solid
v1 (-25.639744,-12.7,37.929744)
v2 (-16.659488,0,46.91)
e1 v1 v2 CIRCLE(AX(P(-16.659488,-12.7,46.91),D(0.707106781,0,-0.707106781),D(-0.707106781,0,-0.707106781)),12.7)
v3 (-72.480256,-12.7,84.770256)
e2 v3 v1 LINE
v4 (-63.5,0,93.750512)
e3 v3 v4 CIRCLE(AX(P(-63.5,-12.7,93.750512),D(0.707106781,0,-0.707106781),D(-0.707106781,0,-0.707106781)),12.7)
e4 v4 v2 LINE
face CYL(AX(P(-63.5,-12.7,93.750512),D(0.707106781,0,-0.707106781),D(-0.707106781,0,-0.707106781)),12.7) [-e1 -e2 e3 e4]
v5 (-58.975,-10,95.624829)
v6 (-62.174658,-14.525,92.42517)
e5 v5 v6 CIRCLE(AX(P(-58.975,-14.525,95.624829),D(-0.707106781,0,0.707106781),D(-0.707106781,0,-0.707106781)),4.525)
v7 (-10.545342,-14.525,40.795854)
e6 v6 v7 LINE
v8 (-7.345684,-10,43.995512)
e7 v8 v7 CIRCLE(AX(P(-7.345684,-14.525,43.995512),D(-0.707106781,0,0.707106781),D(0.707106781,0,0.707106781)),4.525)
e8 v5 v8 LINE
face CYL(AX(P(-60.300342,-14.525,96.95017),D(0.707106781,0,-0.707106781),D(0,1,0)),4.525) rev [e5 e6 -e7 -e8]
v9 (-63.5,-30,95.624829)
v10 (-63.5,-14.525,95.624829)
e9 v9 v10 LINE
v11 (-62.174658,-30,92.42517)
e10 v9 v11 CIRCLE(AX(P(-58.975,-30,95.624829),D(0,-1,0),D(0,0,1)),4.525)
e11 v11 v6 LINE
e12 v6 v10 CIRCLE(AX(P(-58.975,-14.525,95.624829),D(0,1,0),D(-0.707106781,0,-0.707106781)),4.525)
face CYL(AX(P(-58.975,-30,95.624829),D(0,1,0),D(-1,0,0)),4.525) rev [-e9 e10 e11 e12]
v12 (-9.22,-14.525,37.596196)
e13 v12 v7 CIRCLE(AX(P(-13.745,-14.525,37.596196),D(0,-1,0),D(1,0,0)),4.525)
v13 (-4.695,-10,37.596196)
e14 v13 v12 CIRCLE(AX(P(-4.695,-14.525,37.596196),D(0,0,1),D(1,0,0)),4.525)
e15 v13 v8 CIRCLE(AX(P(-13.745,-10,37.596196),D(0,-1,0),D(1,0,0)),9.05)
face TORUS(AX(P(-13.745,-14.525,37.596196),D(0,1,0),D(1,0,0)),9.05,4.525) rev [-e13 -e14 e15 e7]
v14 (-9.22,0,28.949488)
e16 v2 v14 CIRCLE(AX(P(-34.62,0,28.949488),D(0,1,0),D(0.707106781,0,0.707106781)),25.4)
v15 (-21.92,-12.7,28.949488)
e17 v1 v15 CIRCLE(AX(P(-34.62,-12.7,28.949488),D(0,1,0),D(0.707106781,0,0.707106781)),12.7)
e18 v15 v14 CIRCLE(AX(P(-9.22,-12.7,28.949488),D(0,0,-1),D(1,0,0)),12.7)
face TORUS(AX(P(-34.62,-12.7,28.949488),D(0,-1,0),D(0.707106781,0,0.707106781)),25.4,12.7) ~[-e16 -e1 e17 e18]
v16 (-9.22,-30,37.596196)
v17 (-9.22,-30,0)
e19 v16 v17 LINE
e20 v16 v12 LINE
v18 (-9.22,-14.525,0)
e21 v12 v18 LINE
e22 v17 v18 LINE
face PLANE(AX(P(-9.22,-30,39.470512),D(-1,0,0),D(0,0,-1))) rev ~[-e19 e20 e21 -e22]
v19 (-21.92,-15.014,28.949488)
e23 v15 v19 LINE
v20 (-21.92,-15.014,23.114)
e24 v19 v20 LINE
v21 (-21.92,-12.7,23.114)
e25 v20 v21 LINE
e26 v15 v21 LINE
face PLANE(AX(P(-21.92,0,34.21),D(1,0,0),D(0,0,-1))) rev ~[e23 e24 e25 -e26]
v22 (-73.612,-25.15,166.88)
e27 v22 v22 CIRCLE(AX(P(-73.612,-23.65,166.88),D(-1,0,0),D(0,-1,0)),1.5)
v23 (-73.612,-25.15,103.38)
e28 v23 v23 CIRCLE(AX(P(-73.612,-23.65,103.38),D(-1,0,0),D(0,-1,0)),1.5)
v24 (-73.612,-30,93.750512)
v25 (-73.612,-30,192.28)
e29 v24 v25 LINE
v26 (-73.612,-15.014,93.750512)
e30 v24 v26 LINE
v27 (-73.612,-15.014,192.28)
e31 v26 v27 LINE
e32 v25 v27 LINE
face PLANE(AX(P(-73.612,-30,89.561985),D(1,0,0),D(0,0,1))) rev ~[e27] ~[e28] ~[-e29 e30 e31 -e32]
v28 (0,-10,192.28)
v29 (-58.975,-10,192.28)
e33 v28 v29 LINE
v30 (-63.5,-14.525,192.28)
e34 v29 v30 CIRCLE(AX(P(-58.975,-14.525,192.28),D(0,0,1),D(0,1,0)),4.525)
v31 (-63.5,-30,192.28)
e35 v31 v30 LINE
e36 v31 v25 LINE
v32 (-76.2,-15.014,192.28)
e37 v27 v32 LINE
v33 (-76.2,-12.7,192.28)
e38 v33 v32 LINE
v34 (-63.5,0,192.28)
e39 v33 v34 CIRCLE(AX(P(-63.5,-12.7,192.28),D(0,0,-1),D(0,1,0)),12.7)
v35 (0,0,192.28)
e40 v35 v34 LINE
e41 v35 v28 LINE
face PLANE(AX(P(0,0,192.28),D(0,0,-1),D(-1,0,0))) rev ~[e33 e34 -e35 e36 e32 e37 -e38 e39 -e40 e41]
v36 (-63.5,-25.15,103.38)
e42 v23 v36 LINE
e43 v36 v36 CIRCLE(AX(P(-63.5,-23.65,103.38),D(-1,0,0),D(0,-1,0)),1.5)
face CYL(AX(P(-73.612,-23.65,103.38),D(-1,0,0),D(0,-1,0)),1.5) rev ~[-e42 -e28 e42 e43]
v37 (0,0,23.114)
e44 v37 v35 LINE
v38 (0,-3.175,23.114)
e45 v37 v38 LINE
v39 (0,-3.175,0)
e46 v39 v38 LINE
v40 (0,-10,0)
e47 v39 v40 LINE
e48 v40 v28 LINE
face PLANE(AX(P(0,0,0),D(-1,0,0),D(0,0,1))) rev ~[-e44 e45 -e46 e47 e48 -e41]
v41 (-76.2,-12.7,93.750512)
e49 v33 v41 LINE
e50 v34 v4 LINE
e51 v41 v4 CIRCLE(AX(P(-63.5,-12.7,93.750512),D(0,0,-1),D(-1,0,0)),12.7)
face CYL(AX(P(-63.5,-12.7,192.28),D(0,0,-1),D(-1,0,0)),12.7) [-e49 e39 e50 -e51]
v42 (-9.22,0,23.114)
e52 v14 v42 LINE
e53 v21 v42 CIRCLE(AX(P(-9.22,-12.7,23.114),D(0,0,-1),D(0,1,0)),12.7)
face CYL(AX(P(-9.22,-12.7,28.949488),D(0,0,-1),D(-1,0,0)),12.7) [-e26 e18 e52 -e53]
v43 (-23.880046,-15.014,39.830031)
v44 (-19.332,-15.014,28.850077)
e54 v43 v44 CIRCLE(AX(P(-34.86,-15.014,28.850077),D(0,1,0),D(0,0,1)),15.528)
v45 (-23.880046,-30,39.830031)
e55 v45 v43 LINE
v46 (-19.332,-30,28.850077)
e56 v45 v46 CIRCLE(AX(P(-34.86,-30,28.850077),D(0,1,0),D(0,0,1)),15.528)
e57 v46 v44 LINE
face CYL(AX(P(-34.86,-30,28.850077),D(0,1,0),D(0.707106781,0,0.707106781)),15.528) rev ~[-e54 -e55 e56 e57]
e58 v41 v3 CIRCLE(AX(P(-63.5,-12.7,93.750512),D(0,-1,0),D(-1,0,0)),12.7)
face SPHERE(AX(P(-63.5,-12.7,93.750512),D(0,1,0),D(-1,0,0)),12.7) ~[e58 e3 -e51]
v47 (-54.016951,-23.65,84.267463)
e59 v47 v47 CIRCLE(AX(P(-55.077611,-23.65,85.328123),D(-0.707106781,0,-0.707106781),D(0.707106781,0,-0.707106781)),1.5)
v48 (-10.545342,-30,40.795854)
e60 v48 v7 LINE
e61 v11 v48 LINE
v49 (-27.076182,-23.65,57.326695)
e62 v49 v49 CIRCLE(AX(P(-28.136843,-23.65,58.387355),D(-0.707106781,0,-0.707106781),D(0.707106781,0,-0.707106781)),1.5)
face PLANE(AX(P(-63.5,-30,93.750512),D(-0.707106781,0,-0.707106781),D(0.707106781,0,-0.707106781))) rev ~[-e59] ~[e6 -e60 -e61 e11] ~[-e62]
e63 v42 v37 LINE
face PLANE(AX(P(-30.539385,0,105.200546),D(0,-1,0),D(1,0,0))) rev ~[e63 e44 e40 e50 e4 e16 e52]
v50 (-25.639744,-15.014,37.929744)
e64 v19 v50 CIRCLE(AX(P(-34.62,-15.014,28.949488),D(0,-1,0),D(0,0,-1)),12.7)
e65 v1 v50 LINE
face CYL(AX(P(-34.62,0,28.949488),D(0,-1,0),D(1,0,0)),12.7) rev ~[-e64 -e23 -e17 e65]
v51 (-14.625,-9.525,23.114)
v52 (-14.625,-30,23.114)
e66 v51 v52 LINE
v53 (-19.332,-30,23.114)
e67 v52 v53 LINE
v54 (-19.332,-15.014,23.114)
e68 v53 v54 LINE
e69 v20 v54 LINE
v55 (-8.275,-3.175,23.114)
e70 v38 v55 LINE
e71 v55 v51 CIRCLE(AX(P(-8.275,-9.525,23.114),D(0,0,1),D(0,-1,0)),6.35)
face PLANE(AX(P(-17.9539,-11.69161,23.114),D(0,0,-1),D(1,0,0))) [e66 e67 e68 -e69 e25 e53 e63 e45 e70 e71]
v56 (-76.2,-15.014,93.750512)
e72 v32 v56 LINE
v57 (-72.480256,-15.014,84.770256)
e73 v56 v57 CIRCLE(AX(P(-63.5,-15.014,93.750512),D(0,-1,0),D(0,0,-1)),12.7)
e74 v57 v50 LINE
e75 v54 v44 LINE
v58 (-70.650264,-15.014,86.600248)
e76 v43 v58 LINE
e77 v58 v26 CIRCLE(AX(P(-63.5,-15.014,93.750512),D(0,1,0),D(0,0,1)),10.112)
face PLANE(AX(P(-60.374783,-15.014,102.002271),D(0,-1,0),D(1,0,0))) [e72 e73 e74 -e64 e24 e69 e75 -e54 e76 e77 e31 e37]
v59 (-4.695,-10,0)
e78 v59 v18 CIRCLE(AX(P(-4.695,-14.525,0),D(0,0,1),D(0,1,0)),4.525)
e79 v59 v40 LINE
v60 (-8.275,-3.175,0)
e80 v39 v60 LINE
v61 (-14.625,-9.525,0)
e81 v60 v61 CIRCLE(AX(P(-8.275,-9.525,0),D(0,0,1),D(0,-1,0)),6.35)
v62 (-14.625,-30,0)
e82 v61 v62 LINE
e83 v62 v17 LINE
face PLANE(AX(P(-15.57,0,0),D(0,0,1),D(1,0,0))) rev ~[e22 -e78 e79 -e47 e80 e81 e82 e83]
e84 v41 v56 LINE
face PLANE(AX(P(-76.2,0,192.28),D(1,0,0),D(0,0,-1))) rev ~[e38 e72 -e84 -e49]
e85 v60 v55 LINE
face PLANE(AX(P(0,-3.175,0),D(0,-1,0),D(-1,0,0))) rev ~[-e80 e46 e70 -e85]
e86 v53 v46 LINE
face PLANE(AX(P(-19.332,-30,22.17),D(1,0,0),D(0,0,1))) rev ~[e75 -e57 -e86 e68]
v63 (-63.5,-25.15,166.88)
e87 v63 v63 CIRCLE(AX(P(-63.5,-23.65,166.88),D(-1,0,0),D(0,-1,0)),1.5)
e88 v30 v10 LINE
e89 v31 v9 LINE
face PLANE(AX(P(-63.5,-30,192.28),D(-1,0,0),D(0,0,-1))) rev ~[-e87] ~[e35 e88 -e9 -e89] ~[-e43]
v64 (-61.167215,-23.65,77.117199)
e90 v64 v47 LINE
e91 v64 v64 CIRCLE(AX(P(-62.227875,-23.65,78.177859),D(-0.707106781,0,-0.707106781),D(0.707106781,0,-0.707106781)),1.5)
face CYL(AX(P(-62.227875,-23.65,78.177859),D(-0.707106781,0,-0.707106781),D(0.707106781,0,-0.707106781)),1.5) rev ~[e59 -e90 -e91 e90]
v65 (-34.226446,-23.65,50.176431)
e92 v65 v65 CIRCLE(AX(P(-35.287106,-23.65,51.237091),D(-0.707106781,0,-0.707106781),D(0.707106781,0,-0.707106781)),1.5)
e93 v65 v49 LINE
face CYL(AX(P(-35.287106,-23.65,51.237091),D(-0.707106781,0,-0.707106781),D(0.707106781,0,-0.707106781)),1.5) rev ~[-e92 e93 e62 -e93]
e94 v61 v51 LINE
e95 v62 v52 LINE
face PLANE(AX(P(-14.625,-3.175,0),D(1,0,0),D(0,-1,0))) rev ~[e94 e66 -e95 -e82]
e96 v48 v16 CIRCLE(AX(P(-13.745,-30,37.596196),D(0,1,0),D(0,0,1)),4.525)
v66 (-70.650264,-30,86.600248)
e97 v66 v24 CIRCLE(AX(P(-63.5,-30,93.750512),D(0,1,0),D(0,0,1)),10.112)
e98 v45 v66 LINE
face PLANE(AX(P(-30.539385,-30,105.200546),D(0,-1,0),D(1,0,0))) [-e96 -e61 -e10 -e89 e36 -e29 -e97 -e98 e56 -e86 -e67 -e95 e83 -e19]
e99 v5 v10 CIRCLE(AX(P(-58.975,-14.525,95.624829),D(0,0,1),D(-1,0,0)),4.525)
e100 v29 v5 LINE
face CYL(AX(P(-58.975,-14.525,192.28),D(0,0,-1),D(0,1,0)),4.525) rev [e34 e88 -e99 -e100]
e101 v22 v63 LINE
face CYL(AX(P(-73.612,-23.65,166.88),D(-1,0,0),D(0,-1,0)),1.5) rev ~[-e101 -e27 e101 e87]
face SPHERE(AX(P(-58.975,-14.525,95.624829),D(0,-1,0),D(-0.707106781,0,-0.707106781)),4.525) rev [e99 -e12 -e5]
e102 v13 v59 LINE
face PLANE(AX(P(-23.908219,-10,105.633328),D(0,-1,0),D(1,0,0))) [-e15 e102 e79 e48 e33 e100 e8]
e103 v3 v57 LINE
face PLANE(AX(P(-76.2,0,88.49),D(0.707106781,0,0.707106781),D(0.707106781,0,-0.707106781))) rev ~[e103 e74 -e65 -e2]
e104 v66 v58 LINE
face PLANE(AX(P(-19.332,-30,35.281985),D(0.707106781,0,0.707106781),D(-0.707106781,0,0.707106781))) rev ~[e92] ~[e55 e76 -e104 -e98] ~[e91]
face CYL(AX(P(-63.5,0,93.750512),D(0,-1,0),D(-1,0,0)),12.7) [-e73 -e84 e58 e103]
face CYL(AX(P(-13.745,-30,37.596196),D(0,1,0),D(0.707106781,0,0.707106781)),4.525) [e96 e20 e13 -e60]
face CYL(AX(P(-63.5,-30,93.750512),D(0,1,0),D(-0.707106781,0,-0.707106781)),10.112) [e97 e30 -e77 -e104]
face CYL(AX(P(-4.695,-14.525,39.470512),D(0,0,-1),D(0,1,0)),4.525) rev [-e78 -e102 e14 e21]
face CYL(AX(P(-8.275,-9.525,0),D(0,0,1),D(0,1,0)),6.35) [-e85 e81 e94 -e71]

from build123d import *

# Parameters (mm, degrees)
F1_DEPTH  = 30
F3_DEPTH  = 20
F5_DEPTH  = 14.986
F6_R      = 10.112
F7_R      = 15.528
F8_R      = 12.7
F10_DEPTH = 23.114
F11_R     = 12.7
F12_R     = 6.35
F13_R     = 4.525
F14_R     = 1.5
F15_DEPTH = 73.613
F16_R     = 1.5
F17_DEPTH = 124.6851495458


with BuildPart() as f1:
    # F0 (on Front) → F1 (new body)
    with BuildSketch(Plane.XZ):
        Polygon((-15.57, 0), (0, 0), (0, 192.28), (-76.2, 192.28), (-76.2, 88.49), (-21.92, 34.21), (-21.92, 22.17), (-15.57, 22.17), align=None)
    extrude(amount=F1_DEPTH)

    # F2 (on face) → F3 (cut)
    with BuildSketch(Plane.XZ.offset(30)):
        Polygon((0, 192.28), (-63.5, 192.28), (-63.5, 93.7505122421), (-9.22, 39.4705122421), (-9.22, 0), (0, 0), align=None)
    extrude(amount=-F3_DEPTH, mode=Mode.SUBTRACT)

    # F4 (on face) → F5 (cut)
    with BuildSketch(Plane.XZ.offset(30)):
        Polygon((-73.612, 192.28), (-76.2, 192.28), (-76.2, 88.49), (-21.92, 34.21), (-21.92, 22.17), (-19.332, 22.17), (-19.332, 35.2819846994), (-73.612, 89.5619846994), align=None)
    extrude(amount=-F5_DEPTH, mode=Mode.SUBTRACT)

    # F6
    f6_edges = [f1.edges().sort_by_distance(p)[0] for p in [
        (-73.612, -22.507, 89.561985),
    ]]
    fillet(f6_edges, radius=F6_R)

    # F7
    f7_edges = [f1.edges().sort_by_distance(p)[0] for p in [
        (-19.332, -22.507, 35.281985),
    ]]
    fillet(f7_edges, radius=F7_R)

    # F8
    f8_edges = [f1.edges().sort_by_distance(p)[0] for p in [
        (-76.2, -7.507, 88.49),
        (-21.92, -7.507, 34.21),
    ]]
    fillet(f8_edges, radius=F8_R)

    # F9 (on face) → F10 (cut)
    with BuildSketch(Plane(origin=(0, 0, 0), x_dir=(1, 0, 0), z_dir=(0, 0, -1))):
        Polygon((-29.2910200357, 0), (0, 0), (0, 3.175), (-14.625, 3.175), (-14.625, 30), (-29.2910200357, 30), align=None)
    extrude(amount=-F10_DEPTH, mode=Mode.SUBTRACT)

    # F11
    f11_edges = [f1.edges().sort_by_distance(p)[0] for p in [
        (-76.2, 0, 143.015256),
        (-75.23327, 0, 88.890433),
        (-49.06, 0, 61.35),
        (-22.88673, 0, 33.809567),
        (-21.92, 0, 26.031744),
    ]]
    fillet(f11_edges, radius=F11_R)

    # F12
    f12_edges = [f1.edges().sort_by_distance(p)[0] for p in [
        (-14.625, -3.175, 11.557),
    ]]
    fillet(f12_edges, radius=F12_R)

    # F13
    f13_edges = [f1.edges().sort_by_distance(p)[0] for p in [
        (-9.22, -10, 19.735256),
        (-36.36, -10, 66.610512),
        (-63.5, -10, 143.015256),
        (-63.5, -20, 93.750512),
        (-9.22, -20, 39.470512),
    ]]
    fillet(f13_edges, radius=F13_R)

    # F14 (on face) → F15 (cut, through all)
    with BuildSketch(Plane(origin=(-73.612, 0, 0), x_dir=(0, -1, 0), z_dir=(-1, 0, 0))):
        with Locations((23.65, 166.88)):
            Circle(F14_R)
        with Locations((23.65, 103.38)):
            Circle(F14_R)
    extrude(amount=-F15_DEPTH, mode=Mode.SUBTRACT)

    # F16 (on face) → F17 (cut, through all)
    with BuildSketch(Plane(origin=(7.9749923497, 0, 7.9749923497), x_dir=(0.7071067812, 0, -0.7071067812), z_dir=(-0.7071067812, 0, -0.7071067812))):
        with Locations((-99.281846784, 23.65)):
            Circle(F16_R)
        with Locations((-61.181846784, 23.65)):
            Circle(F16_R)
    extrude(amount=-F17_DEPTH, mode=Mode.SUBTRACT)


solid = f1.part
